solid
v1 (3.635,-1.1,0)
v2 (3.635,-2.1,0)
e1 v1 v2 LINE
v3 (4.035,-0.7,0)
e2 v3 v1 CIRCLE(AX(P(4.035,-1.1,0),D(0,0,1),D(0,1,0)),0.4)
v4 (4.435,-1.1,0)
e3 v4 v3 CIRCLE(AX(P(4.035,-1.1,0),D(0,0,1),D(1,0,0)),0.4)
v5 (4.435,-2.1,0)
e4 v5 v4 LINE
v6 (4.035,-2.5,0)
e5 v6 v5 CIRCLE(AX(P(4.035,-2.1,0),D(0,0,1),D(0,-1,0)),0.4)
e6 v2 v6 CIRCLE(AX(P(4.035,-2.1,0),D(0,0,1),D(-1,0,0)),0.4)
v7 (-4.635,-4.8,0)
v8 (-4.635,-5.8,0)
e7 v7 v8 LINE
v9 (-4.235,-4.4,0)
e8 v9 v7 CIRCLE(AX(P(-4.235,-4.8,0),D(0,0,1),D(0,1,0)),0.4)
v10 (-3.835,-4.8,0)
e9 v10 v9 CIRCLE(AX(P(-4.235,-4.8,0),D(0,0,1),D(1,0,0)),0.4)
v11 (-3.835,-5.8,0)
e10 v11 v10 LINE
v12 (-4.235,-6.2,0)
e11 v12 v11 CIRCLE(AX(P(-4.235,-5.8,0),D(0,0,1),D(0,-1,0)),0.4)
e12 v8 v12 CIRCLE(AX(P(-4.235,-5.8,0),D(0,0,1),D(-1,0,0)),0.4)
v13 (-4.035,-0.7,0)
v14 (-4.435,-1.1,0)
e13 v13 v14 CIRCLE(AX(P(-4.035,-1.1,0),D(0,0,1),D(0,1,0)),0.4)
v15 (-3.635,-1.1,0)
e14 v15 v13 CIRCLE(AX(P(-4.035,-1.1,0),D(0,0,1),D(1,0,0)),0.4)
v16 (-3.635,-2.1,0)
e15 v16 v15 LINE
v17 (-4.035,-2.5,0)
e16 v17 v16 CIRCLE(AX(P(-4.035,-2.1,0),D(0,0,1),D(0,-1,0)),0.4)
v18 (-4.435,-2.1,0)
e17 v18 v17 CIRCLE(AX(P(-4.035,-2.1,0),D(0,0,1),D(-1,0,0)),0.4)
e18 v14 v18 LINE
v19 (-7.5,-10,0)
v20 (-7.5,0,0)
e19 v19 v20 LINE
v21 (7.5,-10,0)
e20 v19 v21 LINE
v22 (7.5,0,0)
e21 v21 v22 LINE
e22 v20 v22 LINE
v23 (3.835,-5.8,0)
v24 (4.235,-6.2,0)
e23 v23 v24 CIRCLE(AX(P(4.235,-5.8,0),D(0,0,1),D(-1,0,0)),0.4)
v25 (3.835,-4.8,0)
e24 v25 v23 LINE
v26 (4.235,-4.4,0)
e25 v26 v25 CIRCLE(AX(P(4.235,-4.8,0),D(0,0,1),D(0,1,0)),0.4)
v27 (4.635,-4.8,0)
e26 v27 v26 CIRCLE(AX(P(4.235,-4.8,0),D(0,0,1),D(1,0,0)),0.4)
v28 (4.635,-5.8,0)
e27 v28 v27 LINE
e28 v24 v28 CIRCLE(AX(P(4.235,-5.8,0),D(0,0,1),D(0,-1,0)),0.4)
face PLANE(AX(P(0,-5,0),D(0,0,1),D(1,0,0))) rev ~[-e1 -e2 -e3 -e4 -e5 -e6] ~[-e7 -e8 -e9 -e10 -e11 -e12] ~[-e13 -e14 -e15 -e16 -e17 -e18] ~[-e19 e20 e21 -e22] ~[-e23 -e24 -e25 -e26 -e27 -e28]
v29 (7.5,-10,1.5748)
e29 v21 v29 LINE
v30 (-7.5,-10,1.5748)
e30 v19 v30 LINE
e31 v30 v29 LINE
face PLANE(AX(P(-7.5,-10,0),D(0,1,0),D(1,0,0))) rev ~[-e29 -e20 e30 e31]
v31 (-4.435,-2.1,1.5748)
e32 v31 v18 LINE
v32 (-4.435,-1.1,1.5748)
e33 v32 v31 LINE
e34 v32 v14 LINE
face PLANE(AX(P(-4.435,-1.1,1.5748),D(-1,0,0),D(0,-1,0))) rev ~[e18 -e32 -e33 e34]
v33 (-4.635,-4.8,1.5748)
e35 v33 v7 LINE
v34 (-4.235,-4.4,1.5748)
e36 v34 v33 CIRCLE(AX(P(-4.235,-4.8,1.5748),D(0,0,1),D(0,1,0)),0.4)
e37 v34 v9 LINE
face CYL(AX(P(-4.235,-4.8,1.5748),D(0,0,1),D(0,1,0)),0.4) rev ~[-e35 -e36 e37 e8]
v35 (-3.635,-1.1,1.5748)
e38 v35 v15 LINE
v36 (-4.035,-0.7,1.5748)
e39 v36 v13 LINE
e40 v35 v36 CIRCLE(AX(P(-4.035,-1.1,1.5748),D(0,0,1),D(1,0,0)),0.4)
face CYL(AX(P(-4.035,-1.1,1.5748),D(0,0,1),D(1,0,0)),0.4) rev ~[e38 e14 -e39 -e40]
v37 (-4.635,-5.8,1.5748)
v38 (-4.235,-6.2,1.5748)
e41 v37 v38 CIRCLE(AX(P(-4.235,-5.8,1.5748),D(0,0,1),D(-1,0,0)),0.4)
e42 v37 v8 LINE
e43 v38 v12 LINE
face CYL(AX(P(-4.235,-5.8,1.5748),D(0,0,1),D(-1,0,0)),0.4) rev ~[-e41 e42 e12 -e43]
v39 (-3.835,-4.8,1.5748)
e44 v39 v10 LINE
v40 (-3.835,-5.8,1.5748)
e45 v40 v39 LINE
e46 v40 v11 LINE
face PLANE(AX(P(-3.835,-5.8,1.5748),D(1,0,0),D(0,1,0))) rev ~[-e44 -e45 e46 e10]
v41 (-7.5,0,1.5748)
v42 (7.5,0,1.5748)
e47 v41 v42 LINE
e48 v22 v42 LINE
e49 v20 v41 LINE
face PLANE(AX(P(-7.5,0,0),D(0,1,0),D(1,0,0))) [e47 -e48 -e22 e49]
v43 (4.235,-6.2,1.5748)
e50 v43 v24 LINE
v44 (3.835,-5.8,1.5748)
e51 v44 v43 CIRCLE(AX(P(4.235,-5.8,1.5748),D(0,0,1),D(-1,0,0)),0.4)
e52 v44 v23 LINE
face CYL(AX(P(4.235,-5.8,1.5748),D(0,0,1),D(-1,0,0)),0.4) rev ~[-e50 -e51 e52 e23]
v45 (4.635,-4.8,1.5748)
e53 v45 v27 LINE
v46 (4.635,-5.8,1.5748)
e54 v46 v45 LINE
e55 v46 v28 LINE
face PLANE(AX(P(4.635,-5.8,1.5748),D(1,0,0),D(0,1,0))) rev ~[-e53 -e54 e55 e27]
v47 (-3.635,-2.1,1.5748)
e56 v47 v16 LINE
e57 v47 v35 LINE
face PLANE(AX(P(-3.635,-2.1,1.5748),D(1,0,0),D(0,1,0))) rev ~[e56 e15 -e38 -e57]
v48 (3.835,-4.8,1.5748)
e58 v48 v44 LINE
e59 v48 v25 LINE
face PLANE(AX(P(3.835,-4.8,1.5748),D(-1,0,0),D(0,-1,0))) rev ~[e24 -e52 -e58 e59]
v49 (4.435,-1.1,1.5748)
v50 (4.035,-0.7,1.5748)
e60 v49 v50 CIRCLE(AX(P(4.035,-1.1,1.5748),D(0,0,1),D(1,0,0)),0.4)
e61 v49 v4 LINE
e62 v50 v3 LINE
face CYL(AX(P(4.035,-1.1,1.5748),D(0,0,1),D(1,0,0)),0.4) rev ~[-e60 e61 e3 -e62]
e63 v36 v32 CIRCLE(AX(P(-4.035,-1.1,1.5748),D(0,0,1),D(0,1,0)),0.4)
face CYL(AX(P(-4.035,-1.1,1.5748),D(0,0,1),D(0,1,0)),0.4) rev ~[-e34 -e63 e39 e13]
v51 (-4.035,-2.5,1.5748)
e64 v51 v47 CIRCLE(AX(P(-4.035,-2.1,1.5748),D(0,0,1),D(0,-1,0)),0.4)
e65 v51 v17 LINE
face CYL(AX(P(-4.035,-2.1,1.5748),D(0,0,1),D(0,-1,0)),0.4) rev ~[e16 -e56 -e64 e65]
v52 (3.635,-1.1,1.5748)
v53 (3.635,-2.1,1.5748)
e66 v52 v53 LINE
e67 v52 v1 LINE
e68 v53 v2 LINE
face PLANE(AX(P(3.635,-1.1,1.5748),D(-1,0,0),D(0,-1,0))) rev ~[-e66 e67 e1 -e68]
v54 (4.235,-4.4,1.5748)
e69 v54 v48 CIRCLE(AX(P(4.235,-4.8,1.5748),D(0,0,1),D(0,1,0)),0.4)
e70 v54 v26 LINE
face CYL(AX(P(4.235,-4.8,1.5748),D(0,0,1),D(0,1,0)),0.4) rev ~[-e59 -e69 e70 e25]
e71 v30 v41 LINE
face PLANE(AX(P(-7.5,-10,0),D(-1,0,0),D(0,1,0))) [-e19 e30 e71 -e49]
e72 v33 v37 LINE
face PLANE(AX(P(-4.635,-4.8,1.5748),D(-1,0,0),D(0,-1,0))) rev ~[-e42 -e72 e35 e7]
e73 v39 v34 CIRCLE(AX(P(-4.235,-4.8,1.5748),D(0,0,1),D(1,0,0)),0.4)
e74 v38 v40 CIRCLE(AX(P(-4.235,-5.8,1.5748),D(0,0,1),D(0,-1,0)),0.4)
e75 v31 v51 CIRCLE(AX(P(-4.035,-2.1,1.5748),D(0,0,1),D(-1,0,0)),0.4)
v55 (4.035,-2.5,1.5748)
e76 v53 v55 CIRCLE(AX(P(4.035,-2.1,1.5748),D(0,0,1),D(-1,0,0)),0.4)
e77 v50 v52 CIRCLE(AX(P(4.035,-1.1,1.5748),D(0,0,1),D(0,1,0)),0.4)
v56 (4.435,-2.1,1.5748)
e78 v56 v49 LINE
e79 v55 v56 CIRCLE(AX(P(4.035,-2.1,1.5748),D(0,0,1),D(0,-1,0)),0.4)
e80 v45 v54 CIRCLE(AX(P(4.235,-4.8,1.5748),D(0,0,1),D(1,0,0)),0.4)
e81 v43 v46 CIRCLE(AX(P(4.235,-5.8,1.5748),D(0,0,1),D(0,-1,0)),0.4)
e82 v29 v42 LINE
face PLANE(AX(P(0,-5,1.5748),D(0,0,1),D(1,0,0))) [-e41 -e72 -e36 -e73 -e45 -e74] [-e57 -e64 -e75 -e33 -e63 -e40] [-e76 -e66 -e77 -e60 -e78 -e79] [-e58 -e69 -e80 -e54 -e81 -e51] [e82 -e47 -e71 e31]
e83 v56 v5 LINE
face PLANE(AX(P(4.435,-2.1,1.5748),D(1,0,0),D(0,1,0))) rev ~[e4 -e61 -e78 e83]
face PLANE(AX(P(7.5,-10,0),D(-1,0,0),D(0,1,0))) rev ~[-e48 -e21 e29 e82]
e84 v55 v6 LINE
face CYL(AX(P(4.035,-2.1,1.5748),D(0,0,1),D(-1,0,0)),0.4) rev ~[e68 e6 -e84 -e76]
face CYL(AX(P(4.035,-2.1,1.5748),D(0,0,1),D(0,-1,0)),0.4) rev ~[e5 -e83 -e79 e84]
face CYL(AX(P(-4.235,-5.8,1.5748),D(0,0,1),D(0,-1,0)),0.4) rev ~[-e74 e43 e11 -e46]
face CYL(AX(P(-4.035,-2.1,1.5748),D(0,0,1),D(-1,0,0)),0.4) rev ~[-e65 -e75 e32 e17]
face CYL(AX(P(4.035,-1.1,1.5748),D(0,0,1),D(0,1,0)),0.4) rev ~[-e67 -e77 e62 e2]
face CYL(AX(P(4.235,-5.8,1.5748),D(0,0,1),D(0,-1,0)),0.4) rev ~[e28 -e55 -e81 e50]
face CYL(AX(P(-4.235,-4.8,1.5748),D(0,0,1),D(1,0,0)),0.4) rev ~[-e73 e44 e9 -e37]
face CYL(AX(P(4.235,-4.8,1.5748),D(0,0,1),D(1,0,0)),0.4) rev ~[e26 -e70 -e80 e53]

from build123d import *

# Parameters (mm, degrees)
F0_W     = 15
F0_H     = 10
F1_DEPTH = 1.5748
F3_DEPTH = 25


with BuildPart() as f1:
    # F0 (on Top) → F1 (new body)
    with BuildSketch(Plane.XY):
        with Locations((0, -5)):
            Rectangle(F0_W, F0_H)
    extrude(amount=F1_DEPTH)

    # F2 (on face) → F3 (cut)
    with BuildSketch(Plane.XY.offset(1.5748)):
        with BuildLine():
            ThreePointArc((-4.435, -2.1), (-4.3178427125, -2.3828427125), (-4.035, -2.5))
            ThreePointArc((-4.035, -2.5), (-3.7521572875, -2.3828427125), (-3.635, -2.1))
            Line((-3.635, -2.1), (-3.635, -1.1))
            ThreePointArc((-3.635, -1.1), (-3.7521572875, -0.8171572875), (-4.035, -0.7))
            ThreePointArc((-4.035, -0.7), (-4.3178427125, -0.8171572875), (-4.435, -1.1))
            Line((-4.435, -1.1), (-4.435, -2.1))
        make_face()
        with BuildLine():
            ThreePointArc((-4.635, -5.8), (-4.5178427125, -6.0828427125), (-4.235, -6.2))
            ThreePointArc((-4.235, -6.2), (-3.9521572875, -6.0828427125), (-3.835, -5.8))
            Line((-3.835, -5.8), (-3.835, -4.8))
            ThreePointArc((-3.835, -4.8), (-3.9521572875, -4.5171572875), (-4.235, -4.4))
            ThreePointArc((-4.235, -4.4), (-4.5178427125, -4.5171572875), (-4.635, -4.8))
            Line((-4.635, -4.8), (-4.635, -5.8))
        make_face()
        with BuildLine():
            ThreePointArc((3.835, -5.8), (3.9521572875, -6.0828427125), (4.235, -6.2))
            ThreePointArc((4.235, -6.2), (4.5178427125, -6.0828427125), (4.635, -5.8))
            Line((4.635, -5.8), (4.635, -4.8))
            ThreePointArc((4.635, -4.8), (4.5178427125, -4.5171572875), (4.235, -4.4))
            ThreePointArc((4.235, -4.4), (3.9521572875, -4.5171572875), (3.835, -4.8))
            Line((3.835, -4.8), (3.835, -5.8))
        make_face()
        with BuildLine():
            ThreePointArc((4.035, -2.5), (4.3178427125, -2.3828427125), (4.435, -2.1))
            Line((4.435, -2.1), (4.435, -1.1))
            ThreePointArc((4.435, -1.1), (4.3178427125, -0.8171572875), (4.035, -0.7))
            ThreePointArc((4.035, -0.7), (3.7521572875, -0.8171572875), (3.635, -1.1))
            Line((3.635, -1.1), (3.635, -2.1))
            ThreePointArc((3.635, -2.1), (3.7521572875, -2.3828427125), (4.035, -2.5))
        make_face()
    extrude(amount=-F3_DEPTH, mode=Mode.SUBTRACT)


solid = f1.part
